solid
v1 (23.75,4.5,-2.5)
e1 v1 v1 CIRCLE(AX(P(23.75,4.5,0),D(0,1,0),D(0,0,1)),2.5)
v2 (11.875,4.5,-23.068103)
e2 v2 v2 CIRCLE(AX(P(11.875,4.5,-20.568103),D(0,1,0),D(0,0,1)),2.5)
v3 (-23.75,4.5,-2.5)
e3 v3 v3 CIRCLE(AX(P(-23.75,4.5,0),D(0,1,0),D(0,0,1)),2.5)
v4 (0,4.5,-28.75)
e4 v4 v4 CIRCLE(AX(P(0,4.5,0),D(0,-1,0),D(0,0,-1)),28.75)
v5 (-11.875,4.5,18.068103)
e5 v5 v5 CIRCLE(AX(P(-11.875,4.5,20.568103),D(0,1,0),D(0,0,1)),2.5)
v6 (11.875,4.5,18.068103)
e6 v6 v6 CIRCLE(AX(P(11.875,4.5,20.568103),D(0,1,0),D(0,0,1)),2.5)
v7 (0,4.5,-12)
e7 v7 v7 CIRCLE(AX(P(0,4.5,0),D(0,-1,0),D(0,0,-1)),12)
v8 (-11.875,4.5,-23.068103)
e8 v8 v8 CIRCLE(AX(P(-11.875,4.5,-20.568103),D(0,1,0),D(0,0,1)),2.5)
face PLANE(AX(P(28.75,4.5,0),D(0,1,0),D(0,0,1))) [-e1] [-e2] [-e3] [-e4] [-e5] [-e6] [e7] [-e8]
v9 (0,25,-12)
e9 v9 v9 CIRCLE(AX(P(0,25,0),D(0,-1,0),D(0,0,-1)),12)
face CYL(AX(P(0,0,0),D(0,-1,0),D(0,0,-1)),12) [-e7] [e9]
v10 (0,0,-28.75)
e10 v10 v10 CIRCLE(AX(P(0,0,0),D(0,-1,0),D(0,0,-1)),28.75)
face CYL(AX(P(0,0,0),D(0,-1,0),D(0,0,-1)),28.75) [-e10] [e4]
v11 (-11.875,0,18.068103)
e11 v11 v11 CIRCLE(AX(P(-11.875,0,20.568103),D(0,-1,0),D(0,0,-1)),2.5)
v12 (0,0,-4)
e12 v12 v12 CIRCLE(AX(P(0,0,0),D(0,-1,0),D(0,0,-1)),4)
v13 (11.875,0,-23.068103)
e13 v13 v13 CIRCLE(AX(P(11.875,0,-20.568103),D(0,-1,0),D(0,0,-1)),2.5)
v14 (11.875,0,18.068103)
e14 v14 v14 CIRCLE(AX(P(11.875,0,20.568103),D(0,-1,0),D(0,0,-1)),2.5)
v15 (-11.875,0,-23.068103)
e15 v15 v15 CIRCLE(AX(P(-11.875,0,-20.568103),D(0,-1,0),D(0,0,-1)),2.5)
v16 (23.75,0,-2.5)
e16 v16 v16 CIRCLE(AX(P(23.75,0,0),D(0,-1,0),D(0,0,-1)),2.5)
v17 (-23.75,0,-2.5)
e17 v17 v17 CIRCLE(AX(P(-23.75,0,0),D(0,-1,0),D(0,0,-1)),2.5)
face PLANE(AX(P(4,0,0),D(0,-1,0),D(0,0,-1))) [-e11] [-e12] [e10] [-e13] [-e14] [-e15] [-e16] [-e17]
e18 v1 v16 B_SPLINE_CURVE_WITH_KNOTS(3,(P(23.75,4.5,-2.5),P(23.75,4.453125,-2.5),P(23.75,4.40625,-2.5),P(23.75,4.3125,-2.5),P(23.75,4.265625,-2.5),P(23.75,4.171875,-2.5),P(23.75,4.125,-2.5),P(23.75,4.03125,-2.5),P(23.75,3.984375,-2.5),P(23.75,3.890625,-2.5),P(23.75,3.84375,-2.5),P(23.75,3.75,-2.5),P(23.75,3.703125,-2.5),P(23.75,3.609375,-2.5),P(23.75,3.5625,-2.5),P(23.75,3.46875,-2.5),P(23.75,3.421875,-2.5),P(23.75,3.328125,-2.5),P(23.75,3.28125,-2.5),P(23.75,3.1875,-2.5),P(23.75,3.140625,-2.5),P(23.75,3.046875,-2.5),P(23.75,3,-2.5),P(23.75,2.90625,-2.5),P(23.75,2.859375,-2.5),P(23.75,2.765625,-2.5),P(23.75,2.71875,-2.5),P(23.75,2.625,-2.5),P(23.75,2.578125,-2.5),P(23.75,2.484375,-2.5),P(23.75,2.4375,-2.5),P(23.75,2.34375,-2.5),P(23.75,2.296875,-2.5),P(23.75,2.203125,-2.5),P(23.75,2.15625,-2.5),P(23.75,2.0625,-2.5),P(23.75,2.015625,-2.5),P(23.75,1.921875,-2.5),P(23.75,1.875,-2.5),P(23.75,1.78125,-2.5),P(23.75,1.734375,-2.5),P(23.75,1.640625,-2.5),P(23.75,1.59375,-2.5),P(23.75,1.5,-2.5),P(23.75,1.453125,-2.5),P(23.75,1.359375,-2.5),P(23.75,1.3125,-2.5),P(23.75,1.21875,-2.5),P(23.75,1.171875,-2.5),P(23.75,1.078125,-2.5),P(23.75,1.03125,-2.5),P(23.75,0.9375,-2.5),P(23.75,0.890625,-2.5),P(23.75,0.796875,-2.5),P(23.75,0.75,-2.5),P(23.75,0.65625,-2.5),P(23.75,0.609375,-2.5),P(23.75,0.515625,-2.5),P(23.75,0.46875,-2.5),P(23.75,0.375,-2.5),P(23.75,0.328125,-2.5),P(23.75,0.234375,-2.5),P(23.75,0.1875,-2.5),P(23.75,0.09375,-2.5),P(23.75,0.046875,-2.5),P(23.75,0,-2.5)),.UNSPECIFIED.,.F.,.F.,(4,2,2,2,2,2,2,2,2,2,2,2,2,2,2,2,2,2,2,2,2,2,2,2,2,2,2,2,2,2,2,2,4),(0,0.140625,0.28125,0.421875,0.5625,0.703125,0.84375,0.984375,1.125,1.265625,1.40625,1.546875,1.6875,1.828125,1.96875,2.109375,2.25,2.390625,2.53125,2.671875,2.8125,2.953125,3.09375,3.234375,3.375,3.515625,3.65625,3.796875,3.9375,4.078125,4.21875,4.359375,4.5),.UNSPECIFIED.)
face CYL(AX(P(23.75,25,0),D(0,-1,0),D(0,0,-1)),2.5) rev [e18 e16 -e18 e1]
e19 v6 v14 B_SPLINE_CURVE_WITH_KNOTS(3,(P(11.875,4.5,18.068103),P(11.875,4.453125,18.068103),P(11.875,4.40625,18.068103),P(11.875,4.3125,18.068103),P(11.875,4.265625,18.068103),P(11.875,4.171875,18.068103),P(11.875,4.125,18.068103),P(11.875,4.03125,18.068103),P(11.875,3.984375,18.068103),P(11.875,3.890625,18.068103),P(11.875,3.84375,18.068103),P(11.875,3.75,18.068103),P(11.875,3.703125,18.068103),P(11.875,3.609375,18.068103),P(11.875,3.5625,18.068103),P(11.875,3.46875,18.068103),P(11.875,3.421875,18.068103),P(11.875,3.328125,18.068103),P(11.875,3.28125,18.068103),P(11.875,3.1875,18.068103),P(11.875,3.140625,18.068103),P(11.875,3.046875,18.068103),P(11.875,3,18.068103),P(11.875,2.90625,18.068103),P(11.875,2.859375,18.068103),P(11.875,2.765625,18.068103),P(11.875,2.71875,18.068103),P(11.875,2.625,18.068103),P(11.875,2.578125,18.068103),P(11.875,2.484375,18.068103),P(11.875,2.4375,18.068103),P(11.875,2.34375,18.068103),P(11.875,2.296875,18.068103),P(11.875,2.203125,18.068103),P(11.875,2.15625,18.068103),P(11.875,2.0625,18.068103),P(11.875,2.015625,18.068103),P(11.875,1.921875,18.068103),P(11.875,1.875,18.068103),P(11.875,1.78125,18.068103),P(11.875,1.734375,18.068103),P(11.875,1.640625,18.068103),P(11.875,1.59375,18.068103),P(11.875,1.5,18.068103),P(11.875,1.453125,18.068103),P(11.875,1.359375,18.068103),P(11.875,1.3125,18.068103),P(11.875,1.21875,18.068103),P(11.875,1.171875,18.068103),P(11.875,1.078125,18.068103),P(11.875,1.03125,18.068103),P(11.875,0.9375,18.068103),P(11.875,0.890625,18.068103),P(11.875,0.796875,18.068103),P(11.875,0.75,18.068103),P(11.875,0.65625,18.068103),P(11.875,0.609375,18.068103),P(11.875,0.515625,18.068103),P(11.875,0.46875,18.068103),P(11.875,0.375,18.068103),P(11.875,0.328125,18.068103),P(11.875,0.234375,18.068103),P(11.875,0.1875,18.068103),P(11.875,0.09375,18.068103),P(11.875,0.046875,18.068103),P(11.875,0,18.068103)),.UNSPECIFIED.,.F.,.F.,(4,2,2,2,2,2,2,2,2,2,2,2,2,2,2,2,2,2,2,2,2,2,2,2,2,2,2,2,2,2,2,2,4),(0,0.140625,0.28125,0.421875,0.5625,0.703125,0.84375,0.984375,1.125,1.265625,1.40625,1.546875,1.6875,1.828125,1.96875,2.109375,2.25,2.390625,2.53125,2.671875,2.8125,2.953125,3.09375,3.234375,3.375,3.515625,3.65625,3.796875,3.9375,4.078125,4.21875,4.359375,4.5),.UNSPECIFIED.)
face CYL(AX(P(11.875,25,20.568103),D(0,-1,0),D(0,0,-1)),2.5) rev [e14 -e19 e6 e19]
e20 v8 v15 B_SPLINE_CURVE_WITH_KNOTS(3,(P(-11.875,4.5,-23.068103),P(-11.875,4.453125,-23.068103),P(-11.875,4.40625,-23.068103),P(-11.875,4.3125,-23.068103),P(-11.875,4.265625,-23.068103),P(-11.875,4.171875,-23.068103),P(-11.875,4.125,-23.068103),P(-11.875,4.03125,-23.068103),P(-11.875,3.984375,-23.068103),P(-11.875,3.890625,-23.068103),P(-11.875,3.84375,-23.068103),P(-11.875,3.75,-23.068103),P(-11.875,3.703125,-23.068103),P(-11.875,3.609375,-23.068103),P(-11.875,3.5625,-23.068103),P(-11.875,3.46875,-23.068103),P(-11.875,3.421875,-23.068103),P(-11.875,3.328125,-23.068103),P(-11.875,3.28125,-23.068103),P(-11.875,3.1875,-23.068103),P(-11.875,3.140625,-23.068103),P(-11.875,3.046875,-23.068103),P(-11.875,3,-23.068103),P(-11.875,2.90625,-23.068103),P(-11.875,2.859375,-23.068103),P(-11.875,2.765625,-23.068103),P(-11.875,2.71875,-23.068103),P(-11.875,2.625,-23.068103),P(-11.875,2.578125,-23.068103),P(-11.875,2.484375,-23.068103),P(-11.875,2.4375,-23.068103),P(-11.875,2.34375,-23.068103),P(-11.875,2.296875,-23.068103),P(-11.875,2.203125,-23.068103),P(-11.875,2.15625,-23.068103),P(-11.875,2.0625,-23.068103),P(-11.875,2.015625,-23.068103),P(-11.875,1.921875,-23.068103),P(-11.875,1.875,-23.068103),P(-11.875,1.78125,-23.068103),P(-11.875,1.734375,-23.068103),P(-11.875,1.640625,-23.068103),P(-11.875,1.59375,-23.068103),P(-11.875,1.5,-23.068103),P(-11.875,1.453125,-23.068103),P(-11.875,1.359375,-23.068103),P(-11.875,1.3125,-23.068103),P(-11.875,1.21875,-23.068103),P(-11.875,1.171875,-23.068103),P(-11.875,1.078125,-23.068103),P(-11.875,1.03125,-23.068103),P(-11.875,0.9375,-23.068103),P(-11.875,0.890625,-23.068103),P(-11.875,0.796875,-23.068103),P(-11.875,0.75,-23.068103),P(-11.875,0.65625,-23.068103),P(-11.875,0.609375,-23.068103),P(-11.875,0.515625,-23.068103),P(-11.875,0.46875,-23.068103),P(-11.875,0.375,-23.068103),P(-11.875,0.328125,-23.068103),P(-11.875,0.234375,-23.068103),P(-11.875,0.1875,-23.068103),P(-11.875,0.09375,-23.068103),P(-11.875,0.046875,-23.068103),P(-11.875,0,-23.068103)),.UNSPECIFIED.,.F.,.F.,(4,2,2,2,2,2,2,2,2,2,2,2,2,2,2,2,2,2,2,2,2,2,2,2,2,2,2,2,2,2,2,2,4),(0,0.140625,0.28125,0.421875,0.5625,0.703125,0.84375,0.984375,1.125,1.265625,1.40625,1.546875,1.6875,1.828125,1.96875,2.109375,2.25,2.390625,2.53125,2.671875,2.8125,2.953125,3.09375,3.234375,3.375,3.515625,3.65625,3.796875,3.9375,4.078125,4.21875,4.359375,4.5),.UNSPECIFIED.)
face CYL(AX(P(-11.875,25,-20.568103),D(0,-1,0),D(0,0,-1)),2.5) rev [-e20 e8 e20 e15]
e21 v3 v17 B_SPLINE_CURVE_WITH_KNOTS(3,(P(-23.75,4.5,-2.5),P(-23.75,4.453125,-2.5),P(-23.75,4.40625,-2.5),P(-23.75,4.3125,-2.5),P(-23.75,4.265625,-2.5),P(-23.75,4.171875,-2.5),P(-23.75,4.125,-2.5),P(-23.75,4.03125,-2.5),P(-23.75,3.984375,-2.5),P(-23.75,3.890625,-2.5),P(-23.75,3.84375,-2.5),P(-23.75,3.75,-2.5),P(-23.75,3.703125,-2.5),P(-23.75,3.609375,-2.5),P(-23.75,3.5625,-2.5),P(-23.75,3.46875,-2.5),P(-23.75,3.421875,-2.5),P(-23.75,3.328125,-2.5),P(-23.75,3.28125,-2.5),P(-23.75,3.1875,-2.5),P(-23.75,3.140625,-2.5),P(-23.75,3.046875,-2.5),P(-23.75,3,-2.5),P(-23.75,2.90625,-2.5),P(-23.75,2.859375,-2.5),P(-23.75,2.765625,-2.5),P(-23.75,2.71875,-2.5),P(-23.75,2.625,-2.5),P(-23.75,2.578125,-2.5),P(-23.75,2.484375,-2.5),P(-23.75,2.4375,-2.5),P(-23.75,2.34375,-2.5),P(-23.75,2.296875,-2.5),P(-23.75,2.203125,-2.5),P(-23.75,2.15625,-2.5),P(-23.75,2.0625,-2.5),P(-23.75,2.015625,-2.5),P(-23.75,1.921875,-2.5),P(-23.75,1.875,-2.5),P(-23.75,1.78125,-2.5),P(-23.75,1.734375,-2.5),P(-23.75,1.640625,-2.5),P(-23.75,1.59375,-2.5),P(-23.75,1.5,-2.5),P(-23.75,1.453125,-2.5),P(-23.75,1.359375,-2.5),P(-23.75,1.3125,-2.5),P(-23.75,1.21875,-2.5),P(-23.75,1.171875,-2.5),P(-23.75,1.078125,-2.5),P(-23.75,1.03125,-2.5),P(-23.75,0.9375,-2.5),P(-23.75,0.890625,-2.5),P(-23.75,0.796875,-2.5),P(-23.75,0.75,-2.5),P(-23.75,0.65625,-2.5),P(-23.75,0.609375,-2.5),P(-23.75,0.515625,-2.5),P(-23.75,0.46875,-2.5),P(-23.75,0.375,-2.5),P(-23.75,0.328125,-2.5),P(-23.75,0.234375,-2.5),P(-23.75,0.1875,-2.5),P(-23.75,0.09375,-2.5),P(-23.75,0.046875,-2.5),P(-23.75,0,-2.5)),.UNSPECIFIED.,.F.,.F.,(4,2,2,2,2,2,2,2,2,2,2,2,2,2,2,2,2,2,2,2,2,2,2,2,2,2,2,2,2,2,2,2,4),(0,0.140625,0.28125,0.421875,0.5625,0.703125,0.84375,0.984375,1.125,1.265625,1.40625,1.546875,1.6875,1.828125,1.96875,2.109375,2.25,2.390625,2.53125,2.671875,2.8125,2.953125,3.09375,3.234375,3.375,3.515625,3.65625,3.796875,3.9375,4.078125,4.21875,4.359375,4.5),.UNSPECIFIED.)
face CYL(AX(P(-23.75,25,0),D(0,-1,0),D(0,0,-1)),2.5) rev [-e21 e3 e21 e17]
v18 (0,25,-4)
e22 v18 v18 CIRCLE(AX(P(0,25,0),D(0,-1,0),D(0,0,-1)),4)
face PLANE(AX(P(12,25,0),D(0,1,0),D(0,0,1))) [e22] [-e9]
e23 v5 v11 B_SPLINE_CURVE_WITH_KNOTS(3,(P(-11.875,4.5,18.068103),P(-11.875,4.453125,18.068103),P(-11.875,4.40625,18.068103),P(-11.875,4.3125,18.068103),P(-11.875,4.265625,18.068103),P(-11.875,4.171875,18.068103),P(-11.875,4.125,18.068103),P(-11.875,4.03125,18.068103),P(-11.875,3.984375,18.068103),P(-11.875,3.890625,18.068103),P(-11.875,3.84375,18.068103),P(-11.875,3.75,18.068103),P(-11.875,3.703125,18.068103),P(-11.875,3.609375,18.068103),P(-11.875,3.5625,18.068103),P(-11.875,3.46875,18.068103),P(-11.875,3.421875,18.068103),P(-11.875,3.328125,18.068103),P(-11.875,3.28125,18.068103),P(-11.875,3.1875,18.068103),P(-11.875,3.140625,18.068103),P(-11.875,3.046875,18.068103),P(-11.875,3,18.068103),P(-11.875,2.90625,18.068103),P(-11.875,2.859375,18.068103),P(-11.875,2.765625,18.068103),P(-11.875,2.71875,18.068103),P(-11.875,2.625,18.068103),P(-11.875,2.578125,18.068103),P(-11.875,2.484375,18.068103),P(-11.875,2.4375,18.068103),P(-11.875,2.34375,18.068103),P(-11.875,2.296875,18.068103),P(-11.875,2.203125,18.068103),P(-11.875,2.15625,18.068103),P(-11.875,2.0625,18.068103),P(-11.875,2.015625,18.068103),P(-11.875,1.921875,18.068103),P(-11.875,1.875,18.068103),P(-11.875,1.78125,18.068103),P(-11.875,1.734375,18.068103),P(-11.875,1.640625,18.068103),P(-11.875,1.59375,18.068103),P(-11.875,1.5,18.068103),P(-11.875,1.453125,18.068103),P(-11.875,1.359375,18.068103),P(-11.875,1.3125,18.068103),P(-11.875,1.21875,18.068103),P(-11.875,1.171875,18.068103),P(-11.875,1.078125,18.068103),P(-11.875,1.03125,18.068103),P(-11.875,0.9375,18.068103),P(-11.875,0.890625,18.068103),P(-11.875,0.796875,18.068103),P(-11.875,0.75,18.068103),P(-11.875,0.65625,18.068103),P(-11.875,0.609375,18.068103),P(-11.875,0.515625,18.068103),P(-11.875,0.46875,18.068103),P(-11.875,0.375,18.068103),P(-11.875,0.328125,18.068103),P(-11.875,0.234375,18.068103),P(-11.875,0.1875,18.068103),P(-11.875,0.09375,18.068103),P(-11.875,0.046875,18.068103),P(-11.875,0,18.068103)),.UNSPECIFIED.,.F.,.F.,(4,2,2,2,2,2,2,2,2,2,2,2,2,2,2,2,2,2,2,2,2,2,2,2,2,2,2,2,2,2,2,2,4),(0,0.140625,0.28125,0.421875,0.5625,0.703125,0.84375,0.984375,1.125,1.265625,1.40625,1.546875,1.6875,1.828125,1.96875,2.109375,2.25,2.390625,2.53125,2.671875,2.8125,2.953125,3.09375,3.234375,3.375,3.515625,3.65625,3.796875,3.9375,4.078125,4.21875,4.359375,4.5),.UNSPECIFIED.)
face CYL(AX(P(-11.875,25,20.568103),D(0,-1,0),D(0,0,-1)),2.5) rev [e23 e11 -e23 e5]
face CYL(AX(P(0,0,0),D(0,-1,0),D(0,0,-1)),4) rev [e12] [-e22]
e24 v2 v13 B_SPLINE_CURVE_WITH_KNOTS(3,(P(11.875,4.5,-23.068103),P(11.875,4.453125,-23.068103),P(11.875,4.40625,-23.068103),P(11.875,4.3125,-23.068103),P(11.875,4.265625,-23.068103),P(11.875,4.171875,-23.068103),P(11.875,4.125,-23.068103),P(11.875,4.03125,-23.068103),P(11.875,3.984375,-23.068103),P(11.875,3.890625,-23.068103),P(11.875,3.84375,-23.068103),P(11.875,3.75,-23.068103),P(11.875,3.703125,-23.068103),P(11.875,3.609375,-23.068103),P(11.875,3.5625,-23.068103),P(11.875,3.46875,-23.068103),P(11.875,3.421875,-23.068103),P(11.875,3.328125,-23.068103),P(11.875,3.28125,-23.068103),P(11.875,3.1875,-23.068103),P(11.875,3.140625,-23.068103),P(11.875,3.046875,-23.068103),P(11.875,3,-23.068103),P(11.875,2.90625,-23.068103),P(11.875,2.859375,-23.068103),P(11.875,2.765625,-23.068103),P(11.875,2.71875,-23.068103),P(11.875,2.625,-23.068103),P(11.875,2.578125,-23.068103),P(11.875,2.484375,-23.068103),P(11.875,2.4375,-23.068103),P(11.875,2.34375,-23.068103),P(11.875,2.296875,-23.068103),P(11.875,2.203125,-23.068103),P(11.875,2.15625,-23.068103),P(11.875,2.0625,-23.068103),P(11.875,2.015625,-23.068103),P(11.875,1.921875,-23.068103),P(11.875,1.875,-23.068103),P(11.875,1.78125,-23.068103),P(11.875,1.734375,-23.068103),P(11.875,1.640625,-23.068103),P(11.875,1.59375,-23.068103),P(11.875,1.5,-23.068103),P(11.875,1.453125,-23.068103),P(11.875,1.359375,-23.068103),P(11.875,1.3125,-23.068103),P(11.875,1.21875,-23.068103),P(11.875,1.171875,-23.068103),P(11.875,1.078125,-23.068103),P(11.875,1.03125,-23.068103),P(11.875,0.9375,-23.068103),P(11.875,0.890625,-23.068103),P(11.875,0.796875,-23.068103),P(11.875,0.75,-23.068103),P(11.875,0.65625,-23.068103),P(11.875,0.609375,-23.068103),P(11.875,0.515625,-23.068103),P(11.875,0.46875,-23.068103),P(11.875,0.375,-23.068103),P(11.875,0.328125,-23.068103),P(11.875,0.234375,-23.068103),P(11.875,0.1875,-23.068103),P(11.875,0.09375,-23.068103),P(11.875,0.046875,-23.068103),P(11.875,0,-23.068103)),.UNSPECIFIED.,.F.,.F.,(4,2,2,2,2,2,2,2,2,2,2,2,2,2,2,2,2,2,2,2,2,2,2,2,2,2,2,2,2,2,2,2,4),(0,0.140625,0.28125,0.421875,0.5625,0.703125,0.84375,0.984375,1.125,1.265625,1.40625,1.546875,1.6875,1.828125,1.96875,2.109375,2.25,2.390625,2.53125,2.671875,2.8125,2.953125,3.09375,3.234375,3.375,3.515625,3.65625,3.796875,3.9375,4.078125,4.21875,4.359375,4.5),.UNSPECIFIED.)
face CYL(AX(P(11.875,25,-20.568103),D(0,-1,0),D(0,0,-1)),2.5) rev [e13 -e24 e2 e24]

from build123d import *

# Parameters (mm, degrees)
ESQUISSE2_R             = 2.5
ENL_V_MAT_EXTRU_1_DEPTH = 48.72970773


with BuildPart() as part:
    # Esquisse1 → Révolution1 (revolve)
    with BuildSketch(Plane.XY, mode=Mode.PRIVATE) as r_volution1_sk:
        Polygon((4, 0), (28.75, 0), (28.75, 4.5), (12, 4.5), (12, 25), (4, 25), align=None)
    revolve(r_volution1_sk.sketch.rotate(Axis((0, 0, 0), (0, 1, 0)), 90), axis=Axis((0, 0, 0), (0, 1, 0)))

    # Esquisse2 → Enlèv. mat.-Extru.1 (cut, through all)
    with BuildSketch(Plane.XZ):
        with Locations(Location((23.75, 0, 0), (0, 0, 270))):
            Circle(ESQUISSE2_R)
        with Locations(Location((11.875, -20.56810334, 0), (0, 0, 270))):
            Circle(ESQUISSE2_R)
        with Locations(Location((-11.875, -20.56810334, 0), (0, 0, 270))):
            Circle(ESQUISSE2_R)
        with Locations(Location((-23.75, 0, 0), (0, 0, 270))):
            Circle(ESQUISSE2_R)
        with Locations(Location((-11.875, 20.56810334, 0), (0, 0, 270))):
            Circle(ESQUISSE2_R)
        with Locations(Location((11.875, 20.56810334, 0), (0, 0, 270))):
            Circle(ESQUISSE2_R)
    extrude(amount=-ENL_V_MAT_EXTRU_1_DEPTH, mode=Mode.SUBTRACT)


solid = part.part
